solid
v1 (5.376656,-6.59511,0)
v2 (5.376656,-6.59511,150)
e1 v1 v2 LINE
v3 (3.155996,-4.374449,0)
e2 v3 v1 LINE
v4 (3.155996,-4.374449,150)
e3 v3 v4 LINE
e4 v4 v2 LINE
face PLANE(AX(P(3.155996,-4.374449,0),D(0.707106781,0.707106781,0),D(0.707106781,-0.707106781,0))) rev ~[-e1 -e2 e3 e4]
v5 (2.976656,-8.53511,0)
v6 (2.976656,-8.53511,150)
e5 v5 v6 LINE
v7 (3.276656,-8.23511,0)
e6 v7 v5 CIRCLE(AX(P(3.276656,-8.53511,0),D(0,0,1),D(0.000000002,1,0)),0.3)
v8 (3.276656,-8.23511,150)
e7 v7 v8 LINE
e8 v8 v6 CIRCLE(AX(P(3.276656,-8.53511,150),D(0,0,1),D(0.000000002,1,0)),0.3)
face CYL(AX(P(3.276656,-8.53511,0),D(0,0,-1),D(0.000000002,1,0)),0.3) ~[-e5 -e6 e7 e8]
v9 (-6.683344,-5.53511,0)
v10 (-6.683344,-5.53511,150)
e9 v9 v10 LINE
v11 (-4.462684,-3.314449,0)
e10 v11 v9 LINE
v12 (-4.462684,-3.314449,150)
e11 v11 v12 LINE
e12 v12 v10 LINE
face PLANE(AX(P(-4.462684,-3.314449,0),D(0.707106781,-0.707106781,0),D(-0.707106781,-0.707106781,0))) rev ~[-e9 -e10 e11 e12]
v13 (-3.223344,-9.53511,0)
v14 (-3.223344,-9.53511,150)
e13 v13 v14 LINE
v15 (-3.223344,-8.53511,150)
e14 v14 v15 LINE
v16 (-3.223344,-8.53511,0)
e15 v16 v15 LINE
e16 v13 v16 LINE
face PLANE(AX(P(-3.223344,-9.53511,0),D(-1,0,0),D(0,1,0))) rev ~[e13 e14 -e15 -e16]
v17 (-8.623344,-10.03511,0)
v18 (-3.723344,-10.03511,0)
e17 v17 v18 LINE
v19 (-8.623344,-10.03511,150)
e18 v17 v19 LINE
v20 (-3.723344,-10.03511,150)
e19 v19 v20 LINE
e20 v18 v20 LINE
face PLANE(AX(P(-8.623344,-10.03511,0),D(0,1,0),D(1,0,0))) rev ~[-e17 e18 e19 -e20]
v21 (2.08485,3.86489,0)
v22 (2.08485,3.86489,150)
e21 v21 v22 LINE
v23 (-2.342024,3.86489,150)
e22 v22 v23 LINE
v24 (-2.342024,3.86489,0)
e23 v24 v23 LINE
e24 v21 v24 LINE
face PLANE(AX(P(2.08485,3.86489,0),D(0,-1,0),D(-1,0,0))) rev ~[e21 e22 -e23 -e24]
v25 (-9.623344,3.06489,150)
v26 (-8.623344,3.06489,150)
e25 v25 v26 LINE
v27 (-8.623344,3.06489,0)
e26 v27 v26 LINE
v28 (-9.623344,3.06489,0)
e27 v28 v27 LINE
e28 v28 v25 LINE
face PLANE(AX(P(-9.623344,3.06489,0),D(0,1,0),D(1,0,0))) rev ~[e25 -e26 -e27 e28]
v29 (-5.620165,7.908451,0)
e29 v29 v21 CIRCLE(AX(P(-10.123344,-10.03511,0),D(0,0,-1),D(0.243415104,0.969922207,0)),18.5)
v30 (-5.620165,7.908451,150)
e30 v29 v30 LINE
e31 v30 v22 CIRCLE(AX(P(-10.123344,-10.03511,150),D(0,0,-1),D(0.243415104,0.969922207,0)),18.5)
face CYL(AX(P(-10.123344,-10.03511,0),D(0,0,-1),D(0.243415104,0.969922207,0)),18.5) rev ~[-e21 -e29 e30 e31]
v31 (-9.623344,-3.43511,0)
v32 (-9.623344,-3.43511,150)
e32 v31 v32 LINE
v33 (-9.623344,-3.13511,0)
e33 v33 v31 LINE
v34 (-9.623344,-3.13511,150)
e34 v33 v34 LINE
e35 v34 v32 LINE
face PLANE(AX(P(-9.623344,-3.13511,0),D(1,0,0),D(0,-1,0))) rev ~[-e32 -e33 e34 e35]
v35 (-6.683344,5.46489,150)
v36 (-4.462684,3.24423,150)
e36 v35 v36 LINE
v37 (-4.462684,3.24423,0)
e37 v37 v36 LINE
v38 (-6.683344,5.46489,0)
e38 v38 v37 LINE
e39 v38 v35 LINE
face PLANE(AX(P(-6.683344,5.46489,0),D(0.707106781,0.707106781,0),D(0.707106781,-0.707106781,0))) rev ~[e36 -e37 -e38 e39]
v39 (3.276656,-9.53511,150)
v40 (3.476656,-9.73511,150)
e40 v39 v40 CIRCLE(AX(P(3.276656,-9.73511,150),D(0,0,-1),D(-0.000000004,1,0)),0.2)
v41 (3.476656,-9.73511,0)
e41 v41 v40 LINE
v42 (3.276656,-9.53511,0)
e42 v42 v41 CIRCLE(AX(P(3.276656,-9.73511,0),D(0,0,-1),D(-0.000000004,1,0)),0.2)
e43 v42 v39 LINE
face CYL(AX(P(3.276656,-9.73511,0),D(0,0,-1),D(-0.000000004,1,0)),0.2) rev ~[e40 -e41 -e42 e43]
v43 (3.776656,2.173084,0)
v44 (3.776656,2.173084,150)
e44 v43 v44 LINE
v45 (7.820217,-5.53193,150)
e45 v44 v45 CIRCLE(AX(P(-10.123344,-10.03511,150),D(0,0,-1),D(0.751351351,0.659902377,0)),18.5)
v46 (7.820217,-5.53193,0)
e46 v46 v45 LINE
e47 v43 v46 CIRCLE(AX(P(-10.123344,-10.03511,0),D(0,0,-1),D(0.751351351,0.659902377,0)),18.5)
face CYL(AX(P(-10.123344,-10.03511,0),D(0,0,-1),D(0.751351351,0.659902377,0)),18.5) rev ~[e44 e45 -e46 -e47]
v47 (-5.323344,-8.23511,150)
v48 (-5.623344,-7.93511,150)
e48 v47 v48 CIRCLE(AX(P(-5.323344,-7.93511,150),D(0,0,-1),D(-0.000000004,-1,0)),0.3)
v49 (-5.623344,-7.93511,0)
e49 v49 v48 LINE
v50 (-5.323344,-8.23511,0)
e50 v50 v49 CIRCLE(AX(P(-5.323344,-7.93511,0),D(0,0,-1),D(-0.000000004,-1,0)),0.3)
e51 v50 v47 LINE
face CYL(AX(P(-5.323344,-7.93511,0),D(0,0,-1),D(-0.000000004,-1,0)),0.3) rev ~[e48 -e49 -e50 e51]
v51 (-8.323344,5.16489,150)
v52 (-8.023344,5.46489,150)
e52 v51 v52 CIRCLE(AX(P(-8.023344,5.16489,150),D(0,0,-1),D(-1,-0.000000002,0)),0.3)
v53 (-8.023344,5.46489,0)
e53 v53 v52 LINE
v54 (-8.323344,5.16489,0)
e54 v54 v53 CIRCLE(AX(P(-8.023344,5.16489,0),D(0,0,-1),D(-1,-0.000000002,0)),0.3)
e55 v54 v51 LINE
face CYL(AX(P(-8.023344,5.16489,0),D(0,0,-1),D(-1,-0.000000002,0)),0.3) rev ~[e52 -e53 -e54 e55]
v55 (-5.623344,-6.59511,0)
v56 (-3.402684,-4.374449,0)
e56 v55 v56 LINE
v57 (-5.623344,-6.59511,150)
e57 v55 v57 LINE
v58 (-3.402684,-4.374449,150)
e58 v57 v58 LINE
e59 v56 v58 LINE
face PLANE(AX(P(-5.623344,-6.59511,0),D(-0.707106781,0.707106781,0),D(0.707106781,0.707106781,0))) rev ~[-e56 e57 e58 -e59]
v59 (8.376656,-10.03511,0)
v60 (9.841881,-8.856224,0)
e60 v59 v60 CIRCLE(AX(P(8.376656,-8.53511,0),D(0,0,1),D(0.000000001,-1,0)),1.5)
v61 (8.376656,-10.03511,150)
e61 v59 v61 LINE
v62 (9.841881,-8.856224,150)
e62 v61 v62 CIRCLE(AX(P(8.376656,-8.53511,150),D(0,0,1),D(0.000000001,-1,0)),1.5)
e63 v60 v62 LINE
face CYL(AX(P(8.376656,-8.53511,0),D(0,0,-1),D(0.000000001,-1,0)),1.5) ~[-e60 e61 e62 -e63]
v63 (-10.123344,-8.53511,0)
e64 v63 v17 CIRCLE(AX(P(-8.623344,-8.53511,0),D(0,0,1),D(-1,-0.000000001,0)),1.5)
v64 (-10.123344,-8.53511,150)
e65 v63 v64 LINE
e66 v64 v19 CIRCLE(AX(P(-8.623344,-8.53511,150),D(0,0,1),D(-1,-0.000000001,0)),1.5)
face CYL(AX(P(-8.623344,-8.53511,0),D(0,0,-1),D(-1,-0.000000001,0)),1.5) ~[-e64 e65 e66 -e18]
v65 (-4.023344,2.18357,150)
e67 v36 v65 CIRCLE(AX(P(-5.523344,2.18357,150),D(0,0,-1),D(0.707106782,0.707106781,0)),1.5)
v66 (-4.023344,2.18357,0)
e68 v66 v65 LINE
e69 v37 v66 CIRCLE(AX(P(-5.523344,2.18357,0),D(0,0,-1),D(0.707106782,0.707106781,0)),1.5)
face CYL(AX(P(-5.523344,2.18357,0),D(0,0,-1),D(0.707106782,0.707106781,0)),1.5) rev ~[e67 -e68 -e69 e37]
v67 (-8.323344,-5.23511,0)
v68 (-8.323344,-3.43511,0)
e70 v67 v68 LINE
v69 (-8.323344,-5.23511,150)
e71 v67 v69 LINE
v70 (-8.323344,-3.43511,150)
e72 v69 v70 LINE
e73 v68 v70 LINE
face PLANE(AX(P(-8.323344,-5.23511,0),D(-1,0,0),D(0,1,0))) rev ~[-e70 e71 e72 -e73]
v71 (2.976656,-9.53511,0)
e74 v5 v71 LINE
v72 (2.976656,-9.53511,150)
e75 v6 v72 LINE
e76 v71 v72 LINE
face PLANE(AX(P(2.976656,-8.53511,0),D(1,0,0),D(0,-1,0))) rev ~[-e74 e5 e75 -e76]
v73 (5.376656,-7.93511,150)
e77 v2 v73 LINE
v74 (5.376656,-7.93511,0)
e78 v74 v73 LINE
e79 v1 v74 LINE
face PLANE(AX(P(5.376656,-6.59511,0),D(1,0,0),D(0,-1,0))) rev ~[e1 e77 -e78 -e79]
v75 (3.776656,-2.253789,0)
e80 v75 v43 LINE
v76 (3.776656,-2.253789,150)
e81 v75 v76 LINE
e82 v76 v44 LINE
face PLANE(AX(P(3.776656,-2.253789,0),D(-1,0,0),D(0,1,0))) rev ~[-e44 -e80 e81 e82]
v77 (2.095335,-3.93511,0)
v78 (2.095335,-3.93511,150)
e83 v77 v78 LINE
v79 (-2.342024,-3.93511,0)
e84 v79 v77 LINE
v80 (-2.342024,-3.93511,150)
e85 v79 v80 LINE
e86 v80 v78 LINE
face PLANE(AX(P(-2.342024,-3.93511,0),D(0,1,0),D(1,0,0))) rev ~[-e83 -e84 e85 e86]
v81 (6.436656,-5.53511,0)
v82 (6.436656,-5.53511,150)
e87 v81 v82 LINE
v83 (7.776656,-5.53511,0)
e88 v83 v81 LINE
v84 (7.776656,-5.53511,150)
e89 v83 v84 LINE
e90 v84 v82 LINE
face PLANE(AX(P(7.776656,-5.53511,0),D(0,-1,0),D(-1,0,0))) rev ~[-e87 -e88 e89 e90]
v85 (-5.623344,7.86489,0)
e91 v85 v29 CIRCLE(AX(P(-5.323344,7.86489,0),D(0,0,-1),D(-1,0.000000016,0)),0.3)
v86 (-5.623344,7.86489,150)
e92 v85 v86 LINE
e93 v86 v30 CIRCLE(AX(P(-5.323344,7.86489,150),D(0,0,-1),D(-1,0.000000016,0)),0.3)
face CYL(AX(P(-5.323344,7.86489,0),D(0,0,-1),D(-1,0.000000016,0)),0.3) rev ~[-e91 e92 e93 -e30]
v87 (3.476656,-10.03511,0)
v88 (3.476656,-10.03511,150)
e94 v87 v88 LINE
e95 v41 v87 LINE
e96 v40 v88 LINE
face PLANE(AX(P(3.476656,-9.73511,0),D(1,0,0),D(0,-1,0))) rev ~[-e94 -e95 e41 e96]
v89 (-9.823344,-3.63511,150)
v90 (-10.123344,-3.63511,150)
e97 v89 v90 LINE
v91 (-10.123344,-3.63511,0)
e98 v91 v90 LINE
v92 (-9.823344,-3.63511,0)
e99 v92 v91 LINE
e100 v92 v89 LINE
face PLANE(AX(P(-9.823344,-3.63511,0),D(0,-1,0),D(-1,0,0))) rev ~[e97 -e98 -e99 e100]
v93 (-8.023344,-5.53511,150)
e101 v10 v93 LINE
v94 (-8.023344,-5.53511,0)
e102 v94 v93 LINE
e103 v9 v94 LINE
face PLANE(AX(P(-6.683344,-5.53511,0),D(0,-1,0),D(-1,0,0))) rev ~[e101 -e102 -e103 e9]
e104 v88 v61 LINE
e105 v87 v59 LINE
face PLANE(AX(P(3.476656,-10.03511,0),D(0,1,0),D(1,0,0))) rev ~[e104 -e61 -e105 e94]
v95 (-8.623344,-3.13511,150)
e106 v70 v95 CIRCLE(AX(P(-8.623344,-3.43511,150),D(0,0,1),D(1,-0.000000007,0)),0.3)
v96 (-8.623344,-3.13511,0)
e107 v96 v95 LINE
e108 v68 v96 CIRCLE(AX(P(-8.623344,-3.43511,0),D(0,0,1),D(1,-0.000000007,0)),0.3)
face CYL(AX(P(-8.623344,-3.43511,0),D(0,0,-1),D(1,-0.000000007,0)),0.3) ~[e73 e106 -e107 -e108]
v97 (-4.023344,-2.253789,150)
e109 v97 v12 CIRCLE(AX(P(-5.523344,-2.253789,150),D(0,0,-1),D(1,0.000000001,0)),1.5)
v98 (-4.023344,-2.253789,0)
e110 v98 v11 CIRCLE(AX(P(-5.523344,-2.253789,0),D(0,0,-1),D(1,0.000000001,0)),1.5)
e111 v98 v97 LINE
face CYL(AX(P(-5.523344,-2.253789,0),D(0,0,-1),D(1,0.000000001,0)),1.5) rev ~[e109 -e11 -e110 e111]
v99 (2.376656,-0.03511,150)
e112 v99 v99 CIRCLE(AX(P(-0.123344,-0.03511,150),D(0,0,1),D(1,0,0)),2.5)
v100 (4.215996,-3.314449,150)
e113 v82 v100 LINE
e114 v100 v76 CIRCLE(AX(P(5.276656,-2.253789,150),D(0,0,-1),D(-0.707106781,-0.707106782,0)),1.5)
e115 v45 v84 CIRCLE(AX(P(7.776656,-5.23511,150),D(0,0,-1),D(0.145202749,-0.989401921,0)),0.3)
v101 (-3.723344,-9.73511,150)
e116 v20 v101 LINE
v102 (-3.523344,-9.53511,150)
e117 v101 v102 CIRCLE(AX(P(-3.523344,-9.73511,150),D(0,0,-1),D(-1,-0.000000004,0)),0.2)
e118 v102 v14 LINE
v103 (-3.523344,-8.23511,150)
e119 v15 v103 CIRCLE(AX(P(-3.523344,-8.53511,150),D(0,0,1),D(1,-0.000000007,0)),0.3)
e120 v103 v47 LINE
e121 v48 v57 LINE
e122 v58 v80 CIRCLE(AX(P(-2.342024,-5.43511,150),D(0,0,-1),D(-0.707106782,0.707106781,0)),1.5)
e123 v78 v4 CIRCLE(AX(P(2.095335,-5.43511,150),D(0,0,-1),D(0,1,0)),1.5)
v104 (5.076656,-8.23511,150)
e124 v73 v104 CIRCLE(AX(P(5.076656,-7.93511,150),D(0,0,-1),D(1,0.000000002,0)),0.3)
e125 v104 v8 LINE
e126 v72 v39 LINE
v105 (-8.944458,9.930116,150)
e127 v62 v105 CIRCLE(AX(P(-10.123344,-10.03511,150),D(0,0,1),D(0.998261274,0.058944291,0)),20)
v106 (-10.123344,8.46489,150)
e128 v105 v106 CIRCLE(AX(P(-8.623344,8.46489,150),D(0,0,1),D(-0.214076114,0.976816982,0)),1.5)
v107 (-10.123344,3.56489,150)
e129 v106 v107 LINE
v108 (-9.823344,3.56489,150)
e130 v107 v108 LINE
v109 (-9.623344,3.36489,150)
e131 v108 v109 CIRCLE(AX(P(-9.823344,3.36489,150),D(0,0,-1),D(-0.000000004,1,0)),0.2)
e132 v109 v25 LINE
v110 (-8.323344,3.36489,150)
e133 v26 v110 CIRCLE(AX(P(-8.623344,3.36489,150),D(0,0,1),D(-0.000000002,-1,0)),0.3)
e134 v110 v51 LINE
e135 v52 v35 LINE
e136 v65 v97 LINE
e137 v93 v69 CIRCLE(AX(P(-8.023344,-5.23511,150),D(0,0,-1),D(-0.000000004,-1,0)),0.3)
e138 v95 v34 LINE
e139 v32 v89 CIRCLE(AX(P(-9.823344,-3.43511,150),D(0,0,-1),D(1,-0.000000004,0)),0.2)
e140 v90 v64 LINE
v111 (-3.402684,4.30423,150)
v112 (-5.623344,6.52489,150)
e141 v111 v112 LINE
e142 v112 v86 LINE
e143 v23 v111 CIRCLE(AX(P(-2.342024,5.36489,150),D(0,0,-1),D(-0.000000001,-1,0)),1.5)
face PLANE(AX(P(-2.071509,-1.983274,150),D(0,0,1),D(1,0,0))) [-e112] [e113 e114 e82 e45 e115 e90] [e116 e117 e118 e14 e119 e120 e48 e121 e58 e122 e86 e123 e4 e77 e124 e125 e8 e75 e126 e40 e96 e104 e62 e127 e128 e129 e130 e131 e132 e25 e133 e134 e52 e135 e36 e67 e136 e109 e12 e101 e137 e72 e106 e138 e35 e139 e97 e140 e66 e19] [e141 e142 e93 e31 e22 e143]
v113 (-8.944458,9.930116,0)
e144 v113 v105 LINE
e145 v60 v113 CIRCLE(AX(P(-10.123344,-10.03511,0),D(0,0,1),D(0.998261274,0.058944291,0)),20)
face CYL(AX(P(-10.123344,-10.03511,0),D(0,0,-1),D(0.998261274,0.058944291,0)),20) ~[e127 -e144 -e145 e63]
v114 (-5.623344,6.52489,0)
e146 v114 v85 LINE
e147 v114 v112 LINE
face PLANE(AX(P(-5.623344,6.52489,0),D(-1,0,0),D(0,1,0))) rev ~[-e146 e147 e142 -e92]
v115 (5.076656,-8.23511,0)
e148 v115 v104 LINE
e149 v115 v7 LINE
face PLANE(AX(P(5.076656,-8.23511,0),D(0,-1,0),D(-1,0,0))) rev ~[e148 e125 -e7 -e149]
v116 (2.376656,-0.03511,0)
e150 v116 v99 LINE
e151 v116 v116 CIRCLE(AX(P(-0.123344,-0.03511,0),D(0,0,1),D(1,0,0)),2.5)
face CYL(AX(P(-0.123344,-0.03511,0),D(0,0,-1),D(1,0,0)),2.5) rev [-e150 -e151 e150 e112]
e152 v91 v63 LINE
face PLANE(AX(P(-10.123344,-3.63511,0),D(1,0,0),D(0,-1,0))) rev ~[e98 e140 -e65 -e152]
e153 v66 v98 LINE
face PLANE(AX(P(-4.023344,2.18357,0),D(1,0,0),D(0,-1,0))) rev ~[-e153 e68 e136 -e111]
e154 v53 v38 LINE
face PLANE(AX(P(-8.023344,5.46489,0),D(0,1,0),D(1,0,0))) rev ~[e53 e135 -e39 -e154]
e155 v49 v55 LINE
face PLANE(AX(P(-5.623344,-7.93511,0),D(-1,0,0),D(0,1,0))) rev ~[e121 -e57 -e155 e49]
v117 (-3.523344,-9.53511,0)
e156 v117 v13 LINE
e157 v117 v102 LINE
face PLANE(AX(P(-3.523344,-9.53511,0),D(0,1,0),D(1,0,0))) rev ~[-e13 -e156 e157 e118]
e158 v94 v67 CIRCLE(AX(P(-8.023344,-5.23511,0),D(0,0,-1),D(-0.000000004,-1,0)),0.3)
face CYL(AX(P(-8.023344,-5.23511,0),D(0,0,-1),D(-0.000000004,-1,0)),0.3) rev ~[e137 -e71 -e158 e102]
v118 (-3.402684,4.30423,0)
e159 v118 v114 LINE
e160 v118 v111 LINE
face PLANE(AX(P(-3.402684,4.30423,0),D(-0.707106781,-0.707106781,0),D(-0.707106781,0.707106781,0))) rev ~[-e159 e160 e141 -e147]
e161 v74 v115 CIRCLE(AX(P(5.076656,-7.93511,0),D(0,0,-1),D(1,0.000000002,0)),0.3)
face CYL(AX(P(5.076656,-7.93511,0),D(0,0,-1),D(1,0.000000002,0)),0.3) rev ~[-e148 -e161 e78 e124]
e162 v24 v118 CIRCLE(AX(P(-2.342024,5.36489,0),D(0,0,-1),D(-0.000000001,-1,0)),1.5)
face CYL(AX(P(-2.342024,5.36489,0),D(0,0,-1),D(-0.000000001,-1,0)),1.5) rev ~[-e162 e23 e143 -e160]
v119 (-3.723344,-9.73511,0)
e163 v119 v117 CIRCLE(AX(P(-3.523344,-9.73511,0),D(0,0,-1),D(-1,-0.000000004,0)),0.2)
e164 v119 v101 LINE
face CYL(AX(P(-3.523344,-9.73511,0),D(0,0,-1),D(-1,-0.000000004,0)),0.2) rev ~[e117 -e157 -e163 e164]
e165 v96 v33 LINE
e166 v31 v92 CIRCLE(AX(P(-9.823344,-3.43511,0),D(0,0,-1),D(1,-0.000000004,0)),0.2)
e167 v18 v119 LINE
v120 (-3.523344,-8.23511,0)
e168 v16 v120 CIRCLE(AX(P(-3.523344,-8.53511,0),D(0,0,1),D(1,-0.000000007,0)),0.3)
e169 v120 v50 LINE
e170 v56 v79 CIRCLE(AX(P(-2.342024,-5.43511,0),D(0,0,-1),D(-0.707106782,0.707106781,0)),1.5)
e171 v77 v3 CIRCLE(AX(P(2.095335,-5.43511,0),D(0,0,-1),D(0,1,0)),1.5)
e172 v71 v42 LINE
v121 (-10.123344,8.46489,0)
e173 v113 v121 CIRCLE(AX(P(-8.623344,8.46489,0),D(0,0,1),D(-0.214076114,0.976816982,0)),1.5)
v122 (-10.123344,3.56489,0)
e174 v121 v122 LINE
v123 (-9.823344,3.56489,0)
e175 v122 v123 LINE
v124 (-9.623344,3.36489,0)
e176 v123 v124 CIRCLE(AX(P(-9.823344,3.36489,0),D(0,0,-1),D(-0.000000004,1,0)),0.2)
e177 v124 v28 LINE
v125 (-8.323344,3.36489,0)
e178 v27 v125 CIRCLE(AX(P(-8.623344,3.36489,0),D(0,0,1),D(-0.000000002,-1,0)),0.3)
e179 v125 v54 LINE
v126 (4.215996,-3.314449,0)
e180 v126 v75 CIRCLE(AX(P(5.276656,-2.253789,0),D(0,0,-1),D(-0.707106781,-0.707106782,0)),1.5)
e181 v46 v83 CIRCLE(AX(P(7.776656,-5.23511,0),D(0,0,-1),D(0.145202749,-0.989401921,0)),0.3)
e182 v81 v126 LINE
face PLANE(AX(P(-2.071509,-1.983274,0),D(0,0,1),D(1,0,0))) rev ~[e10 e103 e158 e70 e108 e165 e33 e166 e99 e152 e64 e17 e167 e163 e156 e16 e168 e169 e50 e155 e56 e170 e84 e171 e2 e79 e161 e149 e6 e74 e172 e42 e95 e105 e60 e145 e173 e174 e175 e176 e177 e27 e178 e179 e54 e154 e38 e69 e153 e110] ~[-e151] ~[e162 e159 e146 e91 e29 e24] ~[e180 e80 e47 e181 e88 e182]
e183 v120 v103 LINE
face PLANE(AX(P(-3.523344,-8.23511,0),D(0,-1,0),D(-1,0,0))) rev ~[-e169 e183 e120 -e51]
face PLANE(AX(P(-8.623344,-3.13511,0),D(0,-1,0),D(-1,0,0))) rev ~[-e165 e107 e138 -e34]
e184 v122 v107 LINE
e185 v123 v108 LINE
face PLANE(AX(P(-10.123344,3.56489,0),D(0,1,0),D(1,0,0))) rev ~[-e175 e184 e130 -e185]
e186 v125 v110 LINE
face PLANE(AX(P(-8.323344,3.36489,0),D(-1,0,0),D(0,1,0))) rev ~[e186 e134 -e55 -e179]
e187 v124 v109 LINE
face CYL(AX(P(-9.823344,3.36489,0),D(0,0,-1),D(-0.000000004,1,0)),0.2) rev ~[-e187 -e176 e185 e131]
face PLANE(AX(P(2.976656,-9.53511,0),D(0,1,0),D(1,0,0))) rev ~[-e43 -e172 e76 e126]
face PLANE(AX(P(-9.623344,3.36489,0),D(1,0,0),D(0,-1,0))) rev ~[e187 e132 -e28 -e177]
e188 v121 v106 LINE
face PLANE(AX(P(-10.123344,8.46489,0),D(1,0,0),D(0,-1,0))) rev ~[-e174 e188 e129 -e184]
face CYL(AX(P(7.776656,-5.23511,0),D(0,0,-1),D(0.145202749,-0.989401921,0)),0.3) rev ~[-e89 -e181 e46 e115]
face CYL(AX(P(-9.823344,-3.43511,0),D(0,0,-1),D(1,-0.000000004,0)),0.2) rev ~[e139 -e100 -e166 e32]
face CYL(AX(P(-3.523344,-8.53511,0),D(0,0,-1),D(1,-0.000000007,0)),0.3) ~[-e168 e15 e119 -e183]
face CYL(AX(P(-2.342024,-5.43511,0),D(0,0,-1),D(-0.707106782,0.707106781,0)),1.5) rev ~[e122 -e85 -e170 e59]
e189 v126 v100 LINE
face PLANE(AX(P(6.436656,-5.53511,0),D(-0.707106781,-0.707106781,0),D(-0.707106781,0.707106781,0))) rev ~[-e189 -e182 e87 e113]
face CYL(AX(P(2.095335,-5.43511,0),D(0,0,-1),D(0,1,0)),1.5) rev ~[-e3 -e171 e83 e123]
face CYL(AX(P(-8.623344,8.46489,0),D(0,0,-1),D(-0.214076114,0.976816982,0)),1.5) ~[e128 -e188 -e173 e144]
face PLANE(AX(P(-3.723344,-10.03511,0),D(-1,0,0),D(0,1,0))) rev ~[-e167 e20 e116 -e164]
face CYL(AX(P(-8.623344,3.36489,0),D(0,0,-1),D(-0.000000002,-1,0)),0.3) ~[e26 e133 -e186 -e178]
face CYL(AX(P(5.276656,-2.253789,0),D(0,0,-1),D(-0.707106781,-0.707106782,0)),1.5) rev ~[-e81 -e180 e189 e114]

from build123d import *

# Parameters (mm, degrees)
SKETCH_1_R      = 2.5
EXTRUDE_1_DEPTH = 150


with BuildPart() as part:
    # 草图1 → 凸台-拉伸1 (new body)
    with BuildSketch(Plane.XY):
        with BuildLine():
            ThreePointArc((-8.944458369, 9.930115847), (-9.792033903, 9.405190523), (-10.123344197, 8.464890373))
            Line((-10.123344197, 8.464890373), (-10.123344197, 3.564890373))
            Line((-10.123344197, 3.564890373), (-9.823344197, 3.564890373))
            ThreePointArc((-9.823344197, 3.564890373), (-9.681922841, 3.50631173), (-9.623344197, 3.364890373))
            Line((-9.623344197, 3.364890373), (-9.623344197, 3.064890373))
            Line((-9.623344197, 3.064890373), (-8.623344197, 3.064890373))
            ThreePointArc((-8.623344197, 3.064890373), (-8.411212162, 3.152758339), (-8.323344197, 3.364890373))
            Line((-8.323344197, 3.364890373), (-8.323344197, 5.164890373))
            ThreePointArc((-8.323344197, 5.164890373), (-8.235476231, 5.377022408), (-8.023344197, 5.464890373))
            Line((-8.023344197, 5.464890373), (-6.683344197, 5.464890373))
            Line((-6.683344197, 5.464890373), (-4.462684025, 3.244230202))
            ThreePointArc((-4.462684025, 3.244230202), (-4.137524898, 2.757595178), (-4.023344197, 2.18357003))
            Line((-4.023344197, 2.18357003), (-4.023344197, -2.253789283))
            ThreePointArc((-4.023344197, -2.253789283), (-4.137524898, -2.827814432), (-4.462684025, -3.314449455))
            Line((-4.462684025, -3.314449455), (-6.683344197, -5.535109627))
            Line((-6.683344197, -5.535109627), (-8.023344197, -5.535109627))
            ThreePointArc((-8.023344197, -5.535109627), (-8.235476231, -5.447241661), (-8.323344197, -5.235109627))
            Line((-8.323344197, -5.235109627), (-8.323344197, -3.435109627))
            ThreePointArc((-8.323344197, -3.435109627), (-8.411212162, -3.222977592), (-8.623344197, -3.135109627))
            Line((-8.623344197, -3.135109627), (-9.623344197, -3.135109627))
            Line((-9.623344197, -3.135109627), (-9.623344197, -3.435109627))
            ThreePointArc((-9.623344197, -3.435109627), (-9.681922841, -3.576530983), (-9.823344197, -3.635109627))
            Line((-9.823344197, -3.635109627), (-10.123344197, -3.635109627))
            Line((-10.123344197, -3.635109627), (-10.123344197, -8.535109627))
            ThreePointArc((-10.123344197, -8.535109627), (-9.684004369, -9.595769798), (-8.623344197, -10.035109627))
            Line((-8.623344197, -10.035109627), (-3.723344197, -10.035109627))
            Line((-3.723344197, -10.035109627), (-3.723344197, -9.735109627))
            ThreePointArc((-3.723344197, -9.735109627), (-3.664765553, -9.59368827), (-3.523344197, -9.535109627))
            Line((-3.523344197, -9.535109627), (-3.223344197, -9.535109627))
            Line((-3.223344197, -9.535109627), (-3.223344197, -8.535109627))
            ThreePointArc((-3.223344197, -8.535109627), (-3.311212162, -8.322977592), (-3.523344197, -8.235109627))
            Line((-3.523344197, -8.235109627), (-5.323344197, -8.235109627))
            ThreePointArc((-5.323344197, -8.235109627), (-5.535476231, -8.147241661), (-5.623344197, -7.935109627))
            Line((-5.623344197, -7.935109627), (-5.623344197, -6.595109627))
            Line((-5.623344197, -6.595109627), (-3.402684025, -4.374449455))
            ThreePointArc((-3.402684025, -4.374449455), (-2.916049002, -4.049290328), (-2.342023853, -3.935109627))
            Line((-2.342023853, -3.935109627), (2.09533546, -3.935109627))
            ThreePointArc((2.09533546, -3.935109627), (2.669360608, -4.049290328), (3.155995631, -4.374449455))
            Line((3.155995631, -4.374449455), (5.376655803, -6.595109627))
            Line((5.376655803, -6.595109627), (5.376655803, -7.935109627))
            ThreePointArc((5.376655803, -7.935109627), (5.288787838, -8.147241661), (5.076655803, -8.235109627))
            Line((5.076655803, -8.235109627), (3.276655803, -8.235109627))
            ThreePointArc((3.276655803, -8.235109627), (3.064523769, -8.322977592), (2.976655803, -8.535109627))
            Line((2.976655803, -8.535109627), (2.976655803, -9.535109627))
            Line((2.976655803, -9.535109627), (3.276655803, -9.535109627))
            ThreePointArc((3.276655803, -9.535109627), (3.418077159, -9.59368827), (3.476655803, -9.735109627))
            Line((3.476655803, -9.735109627), (3.476655803, -10.035109627))
            Line((3.476655803, -10.035109627), (8.376655803, -10.035109627))
            ThreePointArc((8.376655803, -10.035109627), (9.316955952, -9.703799333), (9.841881277, -8.856223799))
            ThreePointArc((9.841881277, -8.856223799), (4.018791427, 4.107025997), (-8.944458369, 9.930115847))
        make_face()
        with BuildLine():
            ThreePointArc((7.820216628, -5.531930203), (7.798494154, -5.534313715), (7.776655803, -5.535109627))
            Line((7.776655803, -5.535109627), (6.436655803, -5.535109627))
            Line((6.436655803, -5.535109627), (4.215995631, -3.314449455))
            ThreePointArc((4.215995631, -3.314449455), (3.890836504, -2.827814432), (3.776655803, -2.253789283))
            Line((3.776655803, -2.253789283), (3.776655803, 2.173084343))
            ThreePointArc((3.776655803, 2.173084343), (6.257892136, -1.4383023), (7.820216628, -5.531930203))
        make_face(mode=Mode.SUBTRACT)
        with BuildLine():
            ThreePointArc((-5.620164773, 7.908451198), (-1.52653687, 6.346126706), (2.084849773, 3.864890373))
            Line((2.084849773, 3.864890373), (-2.342023853, 3.864890373))
            ThreePointArc((-2.342023853, 3.864890373), (-2.916049002, 3.979071075), (-3.402684025, 4.304230202))
            Line((-3.402684025, 4.304230202), (-5.623344197, 6.524890373))
            Line((-5.623344197, 6.524890373), (-5.623344197, 7.864890373))
            ThreePointArc((-5.623344197, 7.864890373), (-5.622548285, 7.886728724), (-5.620164773, 7.908451198))
        make_face(mode=Mode.SUBTRACT)
        with Locations((-0.123344197, -0.035109627)):
            Circle(SKETCH_1_R, mode=Mode.SUBTRACT)
    extrude(amount=EXTRUDE_1_DEPTH)


solid = part.part
